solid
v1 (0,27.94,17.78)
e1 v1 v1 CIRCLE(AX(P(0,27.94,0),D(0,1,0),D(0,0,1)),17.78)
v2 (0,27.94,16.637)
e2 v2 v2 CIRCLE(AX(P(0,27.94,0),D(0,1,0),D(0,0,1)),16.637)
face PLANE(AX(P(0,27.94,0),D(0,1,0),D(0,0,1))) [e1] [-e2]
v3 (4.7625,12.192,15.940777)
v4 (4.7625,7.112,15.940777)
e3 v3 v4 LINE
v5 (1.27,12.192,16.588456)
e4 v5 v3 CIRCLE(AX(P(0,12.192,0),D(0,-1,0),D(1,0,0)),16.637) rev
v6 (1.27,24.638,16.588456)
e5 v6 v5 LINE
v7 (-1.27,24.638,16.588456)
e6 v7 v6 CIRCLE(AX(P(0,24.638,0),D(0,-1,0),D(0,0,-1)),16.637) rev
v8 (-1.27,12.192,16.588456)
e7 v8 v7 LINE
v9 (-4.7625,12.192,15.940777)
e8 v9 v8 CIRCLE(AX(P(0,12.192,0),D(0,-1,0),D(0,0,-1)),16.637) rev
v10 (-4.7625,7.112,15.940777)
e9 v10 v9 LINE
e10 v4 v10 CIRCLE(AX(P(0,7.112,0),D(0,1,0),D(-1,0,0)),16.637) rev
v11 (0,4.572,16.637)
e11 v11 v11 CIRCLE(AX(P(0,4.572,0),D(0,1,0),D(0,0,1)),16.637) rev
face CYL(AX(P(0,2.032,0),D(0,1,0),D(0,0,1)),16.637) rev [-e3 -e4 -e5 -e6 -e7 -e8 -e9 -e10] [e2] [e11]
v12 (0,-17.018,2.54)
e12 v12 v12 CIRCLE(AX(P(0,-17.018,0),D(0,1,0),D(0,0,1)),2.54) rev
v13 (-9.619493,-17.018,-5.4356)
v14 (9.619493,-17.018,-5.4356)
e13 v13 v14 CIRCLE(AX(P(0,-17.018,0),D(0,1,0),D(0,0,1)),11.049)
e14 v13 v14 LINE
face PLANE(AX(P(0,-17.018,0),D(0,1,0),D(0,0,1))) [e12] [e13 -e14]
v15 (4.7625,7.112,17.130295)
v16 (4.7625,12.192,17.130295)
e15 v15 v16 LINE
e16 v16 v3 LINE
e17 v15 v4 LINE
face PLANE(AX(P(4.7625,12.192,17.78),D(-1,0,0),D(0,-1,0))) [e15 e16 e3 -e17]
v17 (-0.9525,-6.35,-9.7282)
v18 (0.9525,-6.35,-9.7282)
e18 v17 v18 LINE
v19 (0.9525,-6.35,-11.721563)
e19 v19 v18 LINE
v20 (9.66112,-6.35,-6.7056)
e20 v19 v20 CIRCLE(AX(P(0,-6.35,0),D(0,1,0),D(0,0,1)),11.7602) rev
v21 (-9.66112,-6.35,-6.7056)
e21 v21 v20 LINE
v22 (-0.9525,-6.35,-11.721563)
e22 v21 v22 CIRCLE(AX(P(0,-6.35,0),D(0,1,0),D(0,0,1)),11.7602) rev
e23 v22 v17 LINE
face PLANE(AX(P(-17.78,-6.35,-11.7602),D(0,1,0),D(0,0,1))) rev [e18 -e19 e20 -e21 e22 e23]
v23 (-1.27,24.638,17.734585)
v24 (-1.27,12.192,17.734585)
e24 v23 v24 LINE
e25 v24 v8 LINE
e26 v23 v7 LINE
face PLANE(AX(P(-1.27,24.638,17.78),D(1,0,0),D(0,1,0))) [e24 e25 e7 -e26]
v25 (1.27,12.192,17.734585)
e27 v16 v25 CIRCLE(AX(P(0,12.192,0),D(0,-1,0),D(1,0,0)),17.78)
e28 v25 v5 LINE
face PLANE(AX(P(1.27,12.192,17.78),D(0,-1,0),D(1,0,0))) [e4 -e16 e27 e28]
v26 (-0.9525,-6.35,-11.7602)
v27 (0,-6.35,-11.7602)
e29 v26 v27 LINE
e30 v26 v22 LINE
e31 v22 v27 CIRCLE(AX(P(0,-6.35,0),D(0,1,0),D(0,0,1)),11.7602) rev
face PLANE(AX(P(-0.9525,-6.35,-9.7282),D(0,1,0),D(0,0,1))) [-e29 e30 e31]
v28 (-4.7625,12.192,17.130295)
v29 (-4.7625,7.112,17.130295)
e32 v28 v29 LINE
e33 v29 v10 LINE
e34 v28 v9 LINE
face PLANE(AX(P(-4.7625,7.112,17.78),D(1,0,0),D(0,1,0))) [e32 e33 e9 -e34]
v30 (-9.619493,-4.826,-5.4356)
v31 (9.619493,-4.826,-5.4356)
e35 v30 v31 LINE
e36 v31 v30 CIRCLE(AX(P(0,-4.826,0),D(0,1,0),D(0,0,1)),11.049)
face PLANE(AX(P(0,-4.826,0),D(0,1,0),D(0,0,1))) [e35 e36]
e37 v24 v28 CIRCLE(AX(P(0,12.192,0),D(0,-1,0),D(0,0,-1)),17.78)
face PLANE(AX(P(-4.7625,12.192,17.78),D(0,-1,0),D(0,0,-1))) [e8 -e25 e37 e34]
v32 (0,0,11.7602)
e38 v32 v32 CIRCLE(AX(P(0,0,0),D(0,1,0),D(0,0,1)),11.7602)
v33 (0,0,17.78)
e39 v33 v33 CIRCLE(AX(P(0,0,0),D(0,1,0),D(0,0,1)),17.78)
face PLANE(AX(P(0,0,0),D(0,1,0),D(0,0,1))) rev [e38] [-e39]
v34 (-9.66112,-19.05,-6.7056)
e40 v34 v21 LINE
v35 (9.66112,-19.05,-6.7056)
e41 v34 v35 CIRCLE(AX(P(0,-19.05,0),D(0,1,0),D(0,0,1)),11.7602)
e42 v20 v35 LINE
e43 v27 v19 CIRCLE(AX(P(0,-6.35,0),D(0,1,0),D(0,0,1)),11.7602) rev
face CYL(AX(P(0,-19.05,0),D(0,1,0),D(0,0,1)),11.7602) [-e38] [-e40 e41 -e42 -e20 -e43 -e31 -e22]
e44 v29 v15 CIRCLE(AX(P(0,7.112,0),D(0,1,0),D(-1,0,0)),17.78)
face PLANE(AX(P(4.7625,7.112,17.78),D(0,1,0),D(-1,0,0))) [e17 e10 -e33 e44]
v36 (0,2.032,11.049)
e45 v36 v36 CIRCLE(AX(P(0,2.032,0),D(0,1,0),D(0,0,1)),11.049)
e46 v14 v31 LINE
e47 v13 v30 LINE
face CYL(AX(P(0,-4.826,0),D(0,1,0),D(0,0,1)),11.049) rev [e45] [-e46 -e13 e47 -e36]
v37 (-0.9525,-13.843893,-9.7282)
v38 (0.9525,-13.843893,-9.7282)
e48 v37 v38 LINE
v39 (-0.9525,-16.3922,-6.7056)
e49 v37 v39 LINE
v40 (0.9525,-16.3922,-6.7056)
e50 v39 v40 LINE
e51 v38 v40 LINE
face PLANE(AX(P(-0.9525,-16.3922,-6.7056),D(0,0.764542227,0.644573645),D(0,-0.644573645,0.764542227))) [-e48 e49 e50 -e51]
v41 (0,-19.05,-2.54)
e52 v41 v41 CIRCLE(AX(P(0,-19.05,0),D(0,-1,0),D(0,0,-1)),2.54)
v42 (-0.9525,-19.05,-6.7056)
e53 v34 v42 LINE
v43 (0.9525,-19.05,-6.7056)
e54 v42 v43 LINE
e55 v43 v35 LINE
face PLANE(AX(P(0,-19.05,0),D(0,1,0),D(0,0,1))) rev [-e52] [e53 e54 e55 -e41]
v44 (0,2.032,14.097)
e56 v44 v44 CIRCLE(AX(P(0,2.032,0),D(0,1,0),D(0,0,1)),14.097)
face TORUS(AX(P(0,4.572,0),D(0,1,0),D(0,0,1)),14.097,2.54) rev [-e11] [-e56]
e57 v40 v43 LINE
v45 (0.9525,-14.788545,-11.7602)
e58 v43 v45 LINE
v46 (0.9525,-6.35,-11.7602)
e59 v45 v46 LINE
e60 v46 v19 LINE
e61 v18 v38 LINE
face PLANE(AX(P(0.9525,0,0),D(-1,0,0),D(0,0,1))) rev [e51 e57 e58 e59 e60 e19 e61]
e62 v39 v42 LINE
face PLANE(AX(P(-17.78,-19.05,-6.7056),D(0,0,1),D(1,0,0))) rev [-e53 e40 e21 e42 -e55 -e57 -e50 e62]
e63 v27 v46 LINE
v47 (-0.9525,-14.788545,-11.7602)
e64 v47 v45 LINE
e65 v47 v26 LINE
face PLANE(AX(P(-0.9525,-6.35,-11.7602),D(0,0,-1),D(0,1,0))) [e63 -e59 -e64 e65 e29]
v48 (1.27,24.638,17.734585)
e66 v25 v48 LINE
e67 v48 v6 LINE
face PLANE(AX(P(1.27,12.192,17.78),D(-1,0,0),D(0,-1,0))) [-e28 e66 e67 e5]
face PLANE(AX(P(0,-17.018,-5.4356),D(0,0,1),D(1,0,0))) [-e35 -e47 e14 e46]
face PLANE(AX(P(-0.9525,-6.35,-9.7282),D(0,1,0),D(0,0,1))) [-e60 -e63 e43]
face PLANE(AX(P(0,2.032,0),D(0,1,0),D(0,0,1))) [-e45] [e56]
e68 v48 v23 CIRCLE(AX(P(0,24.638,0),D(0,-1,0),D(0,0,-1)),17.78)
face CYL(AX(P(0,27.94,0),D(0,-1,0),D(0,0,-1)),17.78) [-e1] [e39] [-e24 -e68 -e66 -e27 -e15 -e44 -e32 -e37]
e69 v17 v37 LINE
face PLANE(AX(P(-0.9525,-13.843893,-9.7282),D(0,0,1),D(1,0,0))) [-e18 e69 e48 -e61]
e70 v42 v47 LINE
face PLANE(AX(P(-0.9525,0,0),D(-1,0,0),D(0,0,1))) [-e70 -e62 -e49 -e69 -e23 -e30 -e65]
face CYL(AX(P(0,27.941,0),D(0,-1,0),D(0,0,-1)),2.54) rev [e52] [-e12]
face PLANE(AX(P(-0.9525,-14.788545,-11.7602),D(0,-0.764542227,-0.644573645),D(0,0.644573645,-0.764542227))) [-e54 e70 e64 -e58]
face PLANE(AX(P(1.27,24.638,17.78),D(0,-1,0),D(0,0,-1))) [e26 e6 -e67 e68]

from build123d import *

# Parameters (mm, degrees)
SKETCH1_R                = 17.78
BOSS_EXTRUDE1_DEPTH      = 27.94
SKETCH2_R                = 11.7602
BOSS_EXTRUDE2_DEPTH      = 19.05
SKETCH3_R                = 16.637
CUT_EXTRUDE1_DEPTH       = 25.908
SKETCH4_R                = 11.049
CUT_EXTRUDE2_DEPTH       = 6.858
CUT_EXTRUDE3_DEPTH       = 38.588567411
CUT_EXTRUDE3_DEPTH_BACK  = 38.588567411
SKETCH5_W                = 5.0546
SKETCH5_H                = 12.7
BOSS_EXTRUDE3_DEPTH      = 0.9525
BOSS_EXTRUDE3_DEPTH_BACK = 0.9525
CUT_EXTRUDE4_DEPTH       = 12.192
FILLET1_R                = 2.54
CUT_EXTRUDE5_DEPTH       = 38.588567411
CUT_EXTRUDE6_REACH       = 55.295
SKETCH12_R               = 2.54


with BuildPart() as part:
    # Sketch1 → Boss-Extrude1 (new body)
    with BuildSketch(Plane(origin=(0, 0, 0), x_dir=(1, 0, 0), z_dir=(0, 1, 0))):
        with Locations(Location((0, 0, 0), (0, 0, 270))):
            Circle(SKETCH1_R)
    extrude(amount=BOSS_EXTRUDE1_DEPTH)

    # Sketch2 → Boss-Extrude2 (add)
    with BuildSketch(Plane(origin=(0, 0, 0), x_dir=(1, 0, 0), z_dir=(0, 1, 0))):
        with Locations(Location((0, 0, 0), (0, 0, 270))):
            Circle(SKETCH2_R)
    extrude(amount=-BOSS_EXTRUDE2_DEPTH)

    # Sketch3 → Cut-Extrude1 (cut)
    with BuildSketch(Plane(origin=(0, 27.94, 0), x_dir=(1, 0, 0), z_dir=(0, 1, 0))):
        with Locations(Location((0, 0, 0), (0, 0, 270))):
            Circle(SKETCH3_R)
    extrude(amount=-CUT_EXTRUDE1_DEPTH, mode=Mode.SUBTRACT)

    # Sketch4 → Cut-Extrude2 (cut)
    with BuildSketch(Plane(origin=(0, 2.032, 0), x_dir=(1, 0, 0), z_dir=(0, 1, 0))):
        with Locations(Location((0, 0, 0), (0, 0, 270))):
            Circle(SKETCH4_R)
    extrude(amount=-CUT_EXTRUDE2_DEPTH, mode=Mode.SUBTRACT)

    # Sketch5 → Cut-Extrude3 (cut, two sides: drawn at the far end of the back side and taken through both)
    with BuildSketch(Plane(origin=(0, 0, 0), x_dir=(0, 0, -1), z_dir=(1, 0, 0)).offset(-CUT_EXTRUDE3_DEPTH_BACK)):
        with Locations((9.2329, -12.7)):
            Rectangle(SKETCH5_W, SKETCH5_H)
    extrude(amount=CUT_EXTRUDE3_DEPTH + CUT_EXTRUDE3_DEPTH_BACK, mode=Mode.SUBTRACT)

    # Sketch7 → Boss-Extrude3 (add, two sides: drawn at the far end of the back side and taken through both)
    with BuildSketch(Plane(origin=(0, 0, 0), x_dir=(0, 0, -1), z_dir=(1, 0, 0)).offset(-BOSS_EXTRUDE3_DEPTH_BACK)):
        Polygon((11.7602, -6.35), (11.7602, -14.788545455), (6.7056, -19.05), (6.7056, -16.392200431), (9.7282, -13.843893442), (9.7282, -6.35), align=None)
    extrude(amount=BOSS_EXTRUDE3_DEPTH + BOSS_EXTRUDE3_DEPTH_BACK)

    # Sketch9 → Cut-Extrude4 (cut)
    with BuildSketch(Plane(origin=(0, -4.826, 0), x_dir=(1, 0, 0), z_dir=(0, 1, 0))):
        with BuildLine():
            Line((9.619493419, 5.4356), (-9.619493419, 5.4356))
            ThreePointArc((-9.619493419, 5.4356), (-2.810215135, -10.685648876), (11.049, 0))
            ThreePointArc((11.049, 0), (10.685648876, 2.810215135), (9.619493419, 5.4356))
        make_face()
    extrude(amount=-CUT_EXTRUDE4_DEPTH, mode=Mode.SUBTRACT)

    # Fillet1
    fillet1_edges = [part.edges().sort_by_distance(p)[0] for p in [
        (0, 2.032, -16.637),
    ]]
    fillet(fillet1_edges, radius=FILLET1_R)

    # Sketch11 → Cut-Extrude5 (cut, through all)
    with BuildSketch(Plane.XY):
        Polygon((-2.532708507, 7.112), (-4.7625, 7.112), (-4.7625, 12.192), (-1.27, 12.192), (-1.27, 24.638), (1.27, 24.638), (1.27, 12.192), (4.7625, 12.192), (4.7625, 7.112), (2.532708507, 7.112), align=None)
    extrude(amount=CUT_EXTRUDE5_DEPTH, mode=Mode.SUBTRACT)

    # Sketch12 → Cut-Extrude6 (cut, up to next)
    with BuildSketch(Plane.XZ.offset(19.05), mode=Mode.PRIVATE) as cut_extrude6_sk1:
        with Locations(Location((0, 0, 0), (0, 0, 270))):
            Circle(SKETCH12_R)
    cut_extrude6_tool1 = extrude(cut_extrude6_sk1.sketch, amount=-CUT_EXTRUDE6_REACH, mode=Mode.PRIVATE) & part.part
    add(cut_extrude6_tool1.solids().sort_by_distance((0, -19.05, 0))[0], mode=Mode.SUBTRACT)


solid = part.part
